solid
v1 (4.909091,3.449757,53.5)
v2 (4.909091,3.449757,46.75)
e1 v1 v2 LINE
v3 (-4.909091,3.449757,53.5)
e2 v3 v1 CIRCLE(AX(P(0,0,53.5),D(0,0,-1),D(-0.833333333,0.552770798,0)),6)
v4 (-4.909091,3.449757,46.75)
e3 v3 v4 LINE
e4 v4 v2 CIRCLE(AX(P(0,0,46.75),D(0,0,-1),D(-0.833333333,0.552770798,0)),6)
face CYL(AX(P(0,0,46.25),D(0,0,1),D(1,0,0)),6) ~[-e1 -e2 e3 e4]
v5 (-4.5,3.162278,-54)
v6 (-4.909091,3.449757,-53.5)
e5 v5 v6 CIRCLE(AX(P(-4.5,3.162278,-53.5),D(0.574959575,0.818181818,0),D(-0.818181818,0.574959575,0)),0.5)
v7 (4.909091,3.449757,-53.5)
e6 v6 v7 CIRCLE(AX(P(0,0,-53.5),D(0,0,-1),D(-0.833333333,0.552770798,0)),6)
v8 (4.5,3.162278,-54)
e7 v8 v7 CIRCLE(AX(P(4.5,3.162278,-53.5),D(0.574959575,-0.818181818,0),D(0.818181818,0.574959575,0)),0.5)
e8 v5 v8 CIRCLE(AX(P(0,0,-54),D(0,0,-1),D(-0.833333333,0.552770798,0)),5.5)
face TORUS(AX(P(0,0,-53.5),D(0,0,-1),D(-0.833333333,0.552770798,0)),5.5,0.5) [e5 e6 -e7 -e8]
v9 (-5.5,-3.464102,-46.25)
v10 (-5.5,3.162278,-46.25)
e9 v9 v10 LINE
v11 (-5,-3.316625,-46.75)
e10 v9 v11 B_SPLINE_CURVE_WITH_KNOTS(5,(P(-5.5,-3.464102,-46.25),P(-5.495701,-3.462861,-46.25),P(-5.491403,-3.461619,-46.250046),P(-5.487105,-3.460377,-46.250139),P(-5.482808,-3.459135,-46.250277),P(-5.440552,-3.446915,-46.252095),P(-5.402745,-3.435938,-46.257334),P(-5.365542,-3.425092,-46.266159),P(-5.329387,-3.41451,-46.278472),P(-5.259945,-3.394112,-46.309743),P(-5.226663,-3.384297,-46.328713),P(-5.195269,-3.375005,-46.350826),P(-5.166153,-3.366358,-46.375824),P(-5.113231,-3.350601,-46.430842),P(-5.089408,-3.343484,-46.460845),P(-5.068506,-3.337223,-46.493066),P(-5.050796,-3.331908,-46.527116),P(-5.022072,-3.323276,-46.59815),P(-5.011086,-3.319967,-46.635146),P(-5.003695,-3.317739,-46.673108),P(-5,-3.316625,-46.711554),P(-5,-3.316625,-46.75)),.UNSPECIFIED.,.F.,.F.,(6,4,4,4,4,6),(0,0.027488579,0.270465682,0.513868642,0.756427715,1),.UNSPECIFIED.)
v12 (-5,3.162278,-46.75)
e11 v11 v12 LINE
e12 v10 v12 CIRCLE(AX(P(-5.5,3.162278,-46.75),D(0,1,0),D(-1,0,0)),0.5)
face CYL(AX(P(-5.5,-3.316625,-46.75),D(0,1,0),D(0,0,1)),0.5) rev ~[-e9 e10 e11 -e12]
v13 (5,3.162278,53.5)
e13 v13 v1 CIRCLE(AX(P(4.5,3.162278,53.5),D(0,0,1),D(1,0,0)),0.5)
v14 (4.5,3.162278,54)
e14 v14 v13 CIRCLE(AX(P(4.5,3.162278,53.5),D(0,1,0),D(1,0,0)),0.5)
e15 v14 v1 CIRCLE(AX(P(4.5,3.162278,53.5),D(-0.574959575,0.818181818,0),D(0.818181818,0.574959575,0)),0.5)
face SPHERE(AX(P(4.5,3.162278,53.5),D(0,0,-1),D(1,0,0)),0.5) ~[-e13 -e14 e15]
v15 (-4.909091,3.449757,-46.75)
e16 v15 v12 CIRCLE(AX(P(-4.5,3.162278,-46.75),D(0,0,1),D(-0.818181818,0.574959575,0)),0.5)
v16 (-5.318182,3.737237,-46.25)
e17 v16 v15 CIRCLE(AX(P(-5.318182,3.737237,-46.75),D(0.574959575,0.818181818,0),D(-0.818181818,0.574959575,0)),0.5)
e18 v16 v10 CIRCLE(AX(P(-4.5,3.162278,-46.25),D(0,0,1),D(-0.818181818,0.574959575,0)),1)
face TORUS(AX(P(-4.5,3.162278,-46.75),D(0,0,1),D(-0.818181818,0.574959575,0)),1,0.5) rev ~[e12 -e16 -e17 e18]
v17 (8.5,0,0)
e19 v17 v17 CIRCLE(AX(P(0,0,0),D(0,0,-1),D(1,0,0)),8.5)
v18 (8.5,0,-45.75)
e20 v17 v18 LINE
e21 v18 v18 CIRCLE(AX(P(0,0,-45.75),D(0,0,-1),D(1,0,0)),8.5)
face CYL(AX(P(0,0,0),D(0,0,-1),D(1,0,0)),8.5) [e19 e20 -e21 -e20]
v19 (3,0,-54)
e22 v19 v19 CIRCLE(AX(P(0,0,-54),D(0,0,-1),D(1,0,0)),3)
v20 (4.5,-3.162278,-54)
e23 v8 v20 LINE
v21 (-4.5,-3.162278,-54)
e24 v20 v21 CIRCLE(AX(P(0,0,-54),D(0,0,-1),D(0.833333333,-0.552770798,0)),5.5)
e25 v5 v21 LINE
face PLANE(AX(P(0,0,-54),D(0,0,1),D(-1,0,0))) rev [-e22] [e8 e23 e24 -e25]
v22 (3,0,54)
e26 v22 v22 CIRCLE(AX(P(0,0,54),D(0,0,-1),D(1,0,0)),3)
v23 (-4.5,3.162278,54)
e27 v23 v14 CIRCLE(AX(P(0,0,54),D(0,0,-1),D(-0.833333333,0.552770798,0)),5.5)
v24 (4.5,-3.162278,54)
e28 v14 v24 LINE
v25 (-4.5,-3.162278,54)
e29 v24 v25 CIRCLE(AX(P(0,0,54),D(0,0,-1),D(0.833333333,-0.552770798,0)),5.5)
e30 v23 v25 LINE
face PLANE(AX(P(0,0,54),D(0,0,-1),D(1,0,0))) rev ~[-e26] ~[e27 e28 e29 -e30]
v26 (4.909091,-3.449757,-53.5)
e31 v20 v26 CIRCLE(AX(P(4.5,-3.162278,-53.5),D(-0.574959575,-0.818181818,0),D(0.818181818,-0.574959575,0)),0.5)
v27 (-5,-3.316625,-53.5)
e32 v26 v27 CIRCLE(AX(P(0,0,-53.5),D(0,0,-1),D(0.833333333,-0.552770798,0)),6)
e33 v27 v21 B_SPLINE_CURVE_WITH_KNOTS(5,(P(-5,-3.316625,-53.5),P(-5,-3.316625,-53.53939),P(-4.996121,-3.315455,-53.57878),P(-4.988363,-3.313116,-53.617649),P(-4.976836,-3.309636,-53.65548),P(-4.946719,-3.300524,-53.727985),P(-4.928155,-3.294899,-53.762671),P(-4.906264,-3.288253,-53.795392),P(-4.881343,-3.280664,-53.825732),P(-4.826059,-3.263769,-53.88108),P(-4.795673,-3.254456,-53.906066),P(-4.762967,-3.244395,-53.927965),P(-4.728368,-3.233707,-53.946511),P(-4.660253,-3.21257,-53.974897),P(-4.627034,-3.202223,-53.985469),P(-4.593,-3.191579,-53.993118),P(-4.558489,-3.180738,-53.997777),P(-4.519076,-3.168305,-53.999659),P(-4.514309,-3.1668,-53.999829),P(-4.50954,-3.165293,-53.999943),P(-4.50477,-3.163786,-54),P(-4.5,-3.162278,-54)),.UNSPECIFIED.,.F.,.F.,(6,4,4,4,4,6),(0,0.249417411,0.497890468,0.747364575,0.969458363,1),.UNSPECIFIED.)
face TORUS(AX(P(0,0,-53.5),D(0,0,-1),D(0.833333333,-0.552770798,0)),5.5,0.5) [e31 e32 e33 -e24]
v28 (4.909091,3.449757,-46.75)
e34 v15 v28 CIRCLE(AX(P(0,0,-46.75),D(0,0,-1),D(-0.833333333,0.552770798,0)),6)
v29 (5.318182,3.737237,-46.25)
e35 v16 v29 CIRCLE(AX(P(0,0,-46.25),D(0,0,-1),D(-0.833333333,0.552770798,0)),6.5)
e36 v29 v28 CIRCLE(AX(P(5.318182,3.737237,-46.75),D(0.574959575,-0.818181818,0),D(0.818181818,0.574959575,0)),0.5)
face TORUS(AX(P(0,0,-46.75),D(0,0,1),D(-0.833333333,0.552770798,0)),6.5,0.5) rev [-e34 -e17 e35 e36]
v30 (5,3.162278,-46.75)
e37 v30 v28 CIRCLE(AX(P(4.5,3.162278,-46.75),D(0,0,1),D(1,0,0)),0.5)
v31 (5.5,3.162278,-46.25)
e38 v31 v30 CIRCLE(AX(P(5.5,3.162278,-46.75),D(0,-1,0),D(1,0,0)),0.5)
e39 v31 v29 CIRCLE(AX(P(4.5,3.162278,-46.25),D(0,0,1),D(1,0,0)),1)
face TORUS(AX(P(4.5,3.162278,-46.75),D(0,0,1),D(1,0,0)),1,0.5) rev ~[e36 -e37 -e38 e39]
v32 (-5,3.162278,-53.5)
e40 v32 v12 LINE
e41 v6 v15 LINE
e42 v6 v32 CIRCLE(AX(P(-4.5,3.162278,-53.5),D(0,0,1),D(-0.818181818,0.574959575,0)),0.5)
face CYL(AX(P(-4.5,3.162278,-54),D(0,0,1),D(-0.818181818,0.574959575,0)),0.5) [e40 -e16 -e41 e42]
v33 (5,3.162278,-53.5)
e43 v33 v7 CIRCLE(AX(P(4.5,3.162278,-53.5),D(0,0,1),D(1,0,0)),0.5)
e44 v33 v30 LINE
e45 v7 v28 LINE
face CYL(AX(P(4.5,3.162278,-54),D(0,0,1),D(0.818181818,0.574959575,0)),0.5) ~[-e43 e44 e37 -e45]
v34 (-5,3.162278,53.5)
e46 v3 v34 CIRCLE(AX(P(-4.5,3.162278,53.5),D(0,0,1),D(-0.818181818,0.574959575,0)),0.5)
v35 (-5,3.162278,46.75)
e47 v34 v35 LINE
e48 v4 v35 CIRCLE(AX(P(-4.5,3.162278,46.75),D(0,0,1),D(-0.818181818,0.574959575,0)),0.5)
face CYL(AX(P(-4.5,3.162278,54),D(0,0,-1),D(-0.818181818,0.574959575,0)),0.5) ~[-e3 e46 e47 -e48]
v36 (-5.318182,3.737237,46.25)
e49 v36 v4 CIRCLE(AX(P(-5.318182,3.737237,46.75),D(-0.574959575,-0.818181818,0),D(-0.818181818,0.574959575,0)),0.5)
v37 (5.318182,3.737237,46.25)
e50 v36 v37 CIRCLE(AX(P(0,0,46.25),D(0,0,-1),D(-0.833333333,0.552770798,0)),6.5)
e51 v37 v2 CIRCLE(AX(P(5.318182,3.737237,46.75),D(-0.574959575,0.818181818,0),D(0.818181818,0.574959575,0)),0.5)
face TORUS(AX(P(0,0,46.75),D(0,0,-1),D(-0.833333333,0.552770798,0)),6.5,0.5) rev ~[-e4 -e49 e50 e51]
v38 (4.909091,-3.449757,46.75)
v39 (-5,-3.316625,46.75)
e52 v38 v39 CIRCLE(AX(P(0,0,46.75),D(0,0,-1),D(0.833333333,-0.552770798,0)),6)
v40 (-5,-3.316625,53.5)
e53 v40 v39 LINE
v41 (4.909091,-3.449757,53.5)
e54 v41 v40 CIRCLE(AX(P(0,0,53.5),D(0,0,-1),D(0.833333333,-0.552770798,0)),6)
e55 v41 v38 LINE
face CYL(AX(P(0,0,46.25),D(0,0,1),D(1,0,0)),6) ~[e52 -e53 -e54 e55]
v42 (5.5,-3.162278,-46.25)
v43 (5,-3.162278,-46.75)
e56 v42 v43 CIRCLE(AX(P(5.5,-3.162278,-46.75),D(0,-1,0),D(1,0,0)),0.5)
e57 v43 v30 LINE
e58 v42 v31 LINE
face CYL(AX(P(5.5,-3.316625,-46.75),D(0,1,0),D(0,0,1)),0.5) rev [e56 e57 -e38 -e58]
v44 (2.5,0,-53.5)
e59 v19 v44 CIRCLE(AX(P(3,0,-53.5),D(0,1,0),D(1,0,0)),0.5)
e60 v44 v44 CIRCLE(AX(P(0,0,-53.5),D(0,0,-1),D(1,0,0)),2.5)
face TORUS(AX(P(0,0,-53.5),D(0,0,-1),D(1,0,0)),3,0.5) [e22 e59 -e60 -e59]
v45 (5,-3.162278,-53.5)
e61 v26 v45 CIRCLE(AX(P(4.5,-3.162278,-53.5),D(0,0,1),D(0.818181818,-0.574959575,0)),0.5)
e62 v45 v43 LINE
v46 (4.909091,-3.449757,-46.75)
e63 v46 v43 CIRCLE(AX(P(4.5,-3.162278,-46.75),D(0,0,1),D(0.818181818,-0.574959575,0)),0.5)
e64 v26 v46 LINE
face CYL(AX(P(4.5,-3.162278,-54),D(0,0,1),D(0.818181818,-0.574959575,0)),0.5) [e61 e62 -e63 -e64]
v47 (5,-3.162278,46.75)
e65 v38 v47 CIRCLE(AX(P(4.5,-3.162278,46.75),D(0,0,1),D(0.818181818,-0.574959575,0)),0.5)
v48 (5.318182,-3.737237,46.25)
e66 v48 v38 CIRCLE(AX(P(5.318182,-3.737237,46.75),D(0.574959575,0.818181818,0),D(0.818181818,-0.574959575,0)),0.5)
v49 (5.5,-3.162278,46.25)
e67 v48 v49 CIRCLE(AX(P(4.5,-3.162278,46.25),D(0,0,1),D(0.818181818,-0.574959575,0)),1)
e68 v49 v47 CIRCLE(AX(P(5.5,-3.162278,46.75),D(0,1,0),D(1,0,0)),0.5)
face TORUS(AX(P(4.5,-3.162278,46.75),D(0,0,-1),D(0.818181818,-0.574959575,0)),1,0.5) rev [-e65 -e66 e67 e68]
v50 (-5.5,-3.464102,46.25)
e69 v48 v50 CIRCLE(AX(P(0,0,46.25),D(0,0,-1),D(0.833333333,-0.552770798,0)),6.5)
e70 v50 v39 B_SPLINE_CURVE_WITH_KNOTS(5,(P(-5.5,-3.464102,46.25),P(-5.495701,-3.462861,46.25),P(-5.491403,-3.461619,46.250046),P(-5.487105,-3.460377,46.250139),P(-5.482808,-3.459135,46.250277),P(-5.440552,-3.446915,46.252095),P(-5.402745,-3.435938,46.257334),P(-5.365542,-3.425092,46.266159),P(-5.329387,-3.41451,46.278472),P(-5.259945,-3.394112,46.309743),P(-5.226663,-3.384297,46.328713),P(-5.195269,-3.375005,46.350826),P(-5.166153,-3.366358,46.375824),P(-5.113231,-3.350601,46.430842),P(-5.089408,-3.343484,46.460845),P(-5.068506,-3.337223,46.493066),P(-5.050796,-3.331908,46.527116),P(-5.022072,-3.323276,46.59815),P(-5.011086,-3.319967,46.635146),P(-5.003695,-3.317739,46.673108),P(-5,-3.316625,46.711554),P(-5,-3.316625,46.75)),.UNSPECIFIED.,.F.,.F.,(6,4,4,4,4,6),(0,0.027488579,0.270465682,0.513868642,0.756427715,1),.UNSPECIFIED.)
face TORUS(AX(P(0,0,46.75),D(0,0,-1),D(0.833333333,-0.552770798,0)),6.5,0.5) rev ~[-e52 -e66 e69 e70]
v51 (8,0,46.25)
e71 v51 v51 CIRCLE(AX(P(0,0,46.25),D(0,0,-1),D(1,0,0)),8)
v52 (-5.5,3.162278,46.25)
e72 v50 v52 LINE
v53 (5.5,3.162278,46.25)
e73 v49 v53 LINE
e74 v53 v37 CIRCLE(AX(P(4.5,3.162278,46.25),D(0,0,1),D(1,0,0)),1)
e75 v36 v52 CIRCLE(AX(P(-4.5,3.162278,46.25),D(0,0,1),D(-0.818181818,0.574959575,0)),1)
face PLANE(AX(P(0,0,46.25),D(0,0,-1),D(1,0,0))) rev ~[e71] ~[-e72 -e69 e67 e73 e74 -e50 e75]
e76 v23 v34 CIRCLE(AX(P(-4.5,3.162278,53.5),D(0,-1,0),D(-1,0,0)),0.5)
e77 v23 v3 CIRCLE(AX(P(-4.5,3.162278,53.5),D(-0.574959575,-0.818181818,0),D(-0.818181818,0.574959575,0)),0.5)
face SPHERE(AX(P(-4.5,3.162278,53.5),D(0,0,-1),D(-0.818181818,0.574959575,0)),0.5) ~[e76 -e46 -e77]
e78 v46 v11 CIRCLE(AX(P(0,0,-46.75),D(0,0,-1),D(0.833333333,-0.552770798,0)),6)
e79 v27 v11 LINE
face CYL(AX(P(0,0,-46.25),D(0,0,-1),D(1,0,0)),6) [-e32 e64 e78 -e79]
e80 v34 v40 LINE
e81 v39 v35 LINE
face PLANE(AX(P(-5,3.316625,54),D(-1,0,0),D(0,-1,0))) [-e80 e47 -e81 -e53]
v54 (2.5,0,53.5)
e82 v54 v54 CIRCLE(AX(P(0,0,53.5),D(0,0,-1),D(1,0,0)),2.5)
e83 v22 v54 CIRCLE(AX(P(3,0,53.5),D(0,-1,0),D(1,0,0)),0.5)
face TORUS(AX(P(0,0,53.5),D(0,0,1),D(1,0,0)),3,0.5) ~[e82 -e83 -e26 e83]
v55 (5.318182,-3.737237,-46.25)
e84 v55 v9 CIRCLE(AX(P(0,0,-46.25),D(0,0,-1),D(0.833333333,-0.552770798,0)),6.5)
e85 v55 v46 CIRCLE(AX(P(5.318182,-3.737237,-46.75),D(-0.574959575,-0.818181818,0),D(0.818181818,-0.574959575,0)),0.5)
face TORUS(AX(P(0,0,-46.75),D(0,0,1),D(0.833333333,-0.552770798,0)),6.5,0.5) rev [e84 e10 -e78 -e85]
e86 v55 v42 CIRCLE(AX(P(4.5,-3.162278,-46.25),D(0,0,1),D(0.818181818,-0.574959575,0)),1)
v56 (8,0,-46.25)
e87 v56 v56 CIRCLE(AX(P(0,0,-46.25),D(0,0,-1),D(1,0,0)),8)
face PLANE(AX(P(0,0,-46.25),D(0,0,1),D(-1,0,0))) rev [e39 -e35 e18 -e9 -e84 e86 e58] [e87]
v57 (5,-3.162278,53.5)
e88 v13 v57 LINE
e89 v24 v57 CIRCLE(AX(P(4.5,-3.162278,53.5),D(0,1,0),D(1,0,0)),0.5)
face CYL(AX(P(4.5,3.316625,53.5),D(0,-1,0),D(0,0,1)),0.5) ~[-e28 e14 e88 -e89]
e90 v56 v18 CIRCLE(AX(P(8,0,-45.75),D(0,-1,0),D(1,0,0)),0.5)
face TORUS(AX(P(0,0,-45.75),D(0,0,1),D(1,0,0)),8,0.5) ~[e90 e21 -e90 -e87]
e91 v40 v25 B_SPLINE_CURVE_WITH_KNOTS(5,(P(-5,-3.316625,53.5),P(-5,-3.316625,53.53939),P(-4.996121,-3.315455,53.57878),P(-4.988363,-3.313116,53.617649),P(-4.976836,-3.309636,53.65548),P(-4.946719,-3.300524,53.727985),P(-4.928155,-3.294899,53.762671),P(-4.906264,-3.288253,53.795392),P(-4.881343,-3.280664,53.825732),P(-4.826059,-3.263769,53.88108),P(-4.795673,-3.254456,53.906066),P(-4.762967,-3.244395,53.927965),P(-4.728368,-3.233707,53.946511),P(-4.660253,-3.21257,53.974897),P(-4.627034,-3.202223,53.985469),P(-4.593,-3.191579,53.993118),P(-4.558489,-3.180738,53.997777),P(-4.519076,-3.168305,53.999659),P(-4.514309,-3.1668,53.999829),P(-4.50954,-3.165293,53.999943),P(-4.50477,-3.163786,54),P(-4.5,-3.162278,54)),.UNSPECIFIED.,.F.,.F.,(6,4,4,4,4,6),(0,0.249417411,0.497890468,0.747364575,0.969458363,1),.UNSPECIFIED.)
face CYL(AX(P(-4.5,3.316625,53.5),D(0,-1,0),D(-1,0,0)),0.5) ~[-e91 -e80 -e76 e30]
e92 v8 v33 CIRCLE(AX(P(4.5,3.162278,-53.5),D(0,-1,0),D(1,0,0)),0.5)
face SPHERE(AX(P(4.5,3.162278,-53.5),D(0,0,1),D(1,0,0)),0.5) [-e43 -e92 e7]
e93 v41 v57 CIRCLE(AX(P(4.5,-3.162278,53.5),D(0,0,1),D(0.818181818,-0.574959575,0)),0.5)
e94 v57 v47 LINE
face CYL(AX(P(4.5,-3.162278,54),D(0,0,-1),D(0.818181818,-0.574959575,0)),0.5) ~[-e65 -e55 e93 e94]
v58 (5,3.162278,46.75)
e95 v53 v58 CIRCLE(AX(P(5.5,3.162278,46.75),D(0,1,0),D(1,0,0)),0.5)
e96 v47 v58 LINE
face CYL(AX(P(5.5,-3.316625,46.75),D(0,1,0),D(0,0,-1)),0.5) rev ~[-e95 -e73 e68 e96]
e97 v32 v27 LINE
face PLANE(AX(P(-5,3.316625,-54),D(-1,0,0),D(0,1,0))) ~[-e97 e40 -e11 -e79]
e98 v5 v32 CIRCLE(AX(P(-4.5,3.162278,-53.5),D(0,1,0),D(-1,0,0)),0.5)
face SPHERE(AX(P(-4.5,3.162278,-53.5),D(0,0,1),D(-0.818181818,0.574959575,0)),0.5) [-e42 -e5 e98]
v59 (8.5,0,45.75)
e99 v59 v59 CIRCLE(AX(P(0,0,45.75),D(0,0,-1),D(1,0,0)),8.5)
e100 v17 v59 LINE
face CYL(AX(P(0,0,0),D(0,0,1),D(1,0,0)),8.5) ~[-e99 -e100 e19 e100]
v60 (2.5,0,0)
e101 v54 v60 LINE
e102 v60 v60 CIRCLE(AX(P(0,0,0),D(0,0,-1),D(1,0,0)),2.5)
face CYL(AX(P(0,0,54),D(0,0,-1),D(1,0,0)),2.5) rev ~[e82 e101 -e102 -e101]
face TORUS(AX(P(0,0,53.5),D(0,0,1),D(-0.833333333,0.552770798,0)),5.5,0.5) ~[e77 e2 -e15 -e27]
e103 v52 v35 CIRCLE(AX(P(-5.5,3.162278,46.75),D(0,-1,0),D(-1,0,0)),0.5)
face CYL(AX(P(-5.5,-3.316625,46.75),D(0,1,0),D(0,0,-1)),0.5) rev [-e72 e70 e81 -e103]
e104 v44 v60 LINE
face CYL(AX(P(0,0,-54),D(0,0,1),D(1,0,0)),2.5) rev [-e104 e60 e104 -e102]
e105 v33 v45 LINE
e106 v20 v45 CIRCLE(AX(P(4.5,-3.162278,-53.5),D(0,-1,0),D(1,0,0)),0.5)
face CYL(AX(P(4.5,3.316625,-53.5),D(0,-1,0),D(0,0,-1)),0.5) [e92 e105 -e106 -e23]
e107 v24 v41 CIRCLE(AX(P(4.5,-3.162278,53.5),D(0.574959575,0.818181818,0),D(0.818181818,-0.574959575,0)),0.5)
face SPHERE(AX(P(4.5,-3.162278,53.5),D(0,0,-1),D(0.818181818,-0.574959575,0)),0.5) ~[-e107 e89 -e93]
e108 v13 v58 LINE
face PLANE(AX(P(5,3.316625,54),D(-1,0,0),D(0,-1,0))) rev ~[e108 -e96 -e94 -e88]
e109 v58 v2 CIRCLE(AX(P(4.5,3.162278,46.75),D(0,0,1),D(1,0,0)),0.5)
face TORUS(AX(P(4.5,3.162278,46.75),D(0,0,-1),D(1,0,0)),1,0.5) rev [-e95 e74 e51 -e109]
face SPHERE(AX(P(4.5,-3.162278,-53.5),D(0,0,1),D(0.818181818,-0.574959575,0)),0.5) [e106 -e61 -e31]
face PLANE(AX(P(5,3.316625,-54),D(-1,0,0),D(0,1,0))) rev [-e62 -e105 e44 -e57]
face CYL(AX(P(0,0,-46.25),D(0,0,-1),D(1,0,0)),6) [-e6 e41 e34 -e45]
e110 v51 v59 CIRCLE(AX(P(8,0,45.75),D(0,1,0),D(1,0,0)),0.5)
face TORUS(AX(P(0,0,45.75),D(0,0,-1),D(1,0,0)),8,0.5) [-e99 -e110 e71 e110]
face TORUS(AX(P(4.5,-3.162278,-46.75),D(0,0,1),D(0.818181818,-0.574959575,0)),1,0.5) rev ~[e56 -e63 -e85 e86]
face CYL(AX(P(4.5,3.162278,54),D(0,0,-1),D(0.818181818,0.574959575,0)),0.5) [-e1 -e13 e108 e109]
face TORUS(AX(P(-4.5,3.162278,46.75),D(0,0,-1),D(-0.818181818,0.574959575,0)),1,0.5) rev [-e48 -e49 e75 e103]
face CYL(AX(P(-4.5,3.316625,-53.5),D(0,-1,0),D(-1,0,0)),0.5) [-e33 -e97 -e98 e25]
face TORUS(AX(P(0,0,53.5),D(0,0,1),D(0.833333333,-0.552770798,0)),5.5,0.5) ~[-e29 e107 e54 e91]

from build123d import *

# Parameters (mm, degrees)
CORTAR_EXTRUIR1_REACH = 57.322
REDONDEO2_R           = 0.5


with BuildPart() as part:
    # Croquis1 → Revolución4 (revolve)
    with BuildSketch(Plane(origin=(0, 0, 0), x_dir=(0, 0, -1), z_dir=(1, 0, 0)), mode=Mode.PRIVATE) as revoluci_n4_sk:
        Polygon((-46.25, 8.5), (-46.25, 6), (-47.25, 6), (-54, 6), (-54, 2.5), (-46.25, 2.5), (0, 2.5), (0, 8.5), align=None)
    revolve(revoluci_n4_sk.sketch.rotate(Axis((0, 0, 55.074829932), (0, 0, -1)), 90), axis=Axis((0, 0, 55.074829932), (0, 0, -1)))

    # Cortar-Extruir1: up to this face of the body (flat: up to its plane)
    cortar_extruir1_end = Plane(part.part.faces().sort_by_distance((-8.259583694, 0, 46.25))[0])
    # Croquis3 → Cortar-Extruir1 (cut, up to the picked face)
    with BuildSketch(Plane.XY.offset(54), mode=Mode.PRIVATE) as cortar_extruir1_sk1:
        with BuildLine():
            Line((-5, 3.31662479), (-5, -3.31662479))
            ThreePointArc((-5, -3.31662479), (-6, 0), (-5, 3.31662479))
        make_face()
    cortar_extruir1_tool1 = split(extrude(cortar_extruir1_sk1.sketch, amount=-CORTAR_EXTRUIR1_REACH, mode=Mode.PRIVATE), bisect_by=cortar_extruir1_end, keep=Keep.BOTH, mode=Mode.PRIVATE)
    # Croquis3 → Cortar-Extruir1 (cut, up to the picked face)
    with BuildSketch(Plane.XY.offset(54), mode=Mode.PRIVATE) as cortar_extruir1_sk2:
        with BuildLine():
            Line((5, 3.31662479), (5, -3.31662479))
            ThreePointArc((5, -3.31662479), (6, 0), (5, 3.31662479))
        make_face()
    cortar_extruir1_tool2 = split(extrude(cortar_extruir1_sk2.sketch, amount=-CORTAR_EXTRUIR1_REACH, mode=Mode.PRIVATE), bisect_by=cortar_extruir1_end, keep=Keep.BOTH, mode=Mode.PRIVATE)
    add(cortar_extruir1_tool1.solids().sort_by(Axis((-5.403002, 0, 54), (0, 0, -1)))[0], mode=Mode.SUBTRACT)
    add(cortar_extruir1_tool2.solids().sort_by(Axis((5.403002, 0, 54), (0, 0, -1)))[0], mode=Mode.SUBTRACT)

    # Redondeo2
    redondeo2_edges = [part.edges().sort_by_distance(p)[0] for p in [
        (0, -6, 54),
        (0, -6, 46.25),
        (5, 3.31662479, 50.125),
        (5, 0, 54),
        (5, 0, 46.25),
        (5, -3.31662479, 50.125),
        (5, -3.31662479, 50.125),
        (5, 3.31662479, 50.125),
        (-5, 0, 54),
        (-5, 0, 46.25),
        (-5, 3.31662479, 50.125),
        (-5, 3.31662479, 50.125),
        (-2.5, 0, 54),
        (0, 6, 54),
        (0, 6, 46.25),
        (-8.5, 0, 46.25),
    ]]
    fillet(redondeo2_edges, radius=REDONDEO2_R)

    # Simetría1: part across plane


with BuildPart() as part_1:
    add(part.part)
    add(part.part.mirror(Plane.XY))


solid = part_1.part
